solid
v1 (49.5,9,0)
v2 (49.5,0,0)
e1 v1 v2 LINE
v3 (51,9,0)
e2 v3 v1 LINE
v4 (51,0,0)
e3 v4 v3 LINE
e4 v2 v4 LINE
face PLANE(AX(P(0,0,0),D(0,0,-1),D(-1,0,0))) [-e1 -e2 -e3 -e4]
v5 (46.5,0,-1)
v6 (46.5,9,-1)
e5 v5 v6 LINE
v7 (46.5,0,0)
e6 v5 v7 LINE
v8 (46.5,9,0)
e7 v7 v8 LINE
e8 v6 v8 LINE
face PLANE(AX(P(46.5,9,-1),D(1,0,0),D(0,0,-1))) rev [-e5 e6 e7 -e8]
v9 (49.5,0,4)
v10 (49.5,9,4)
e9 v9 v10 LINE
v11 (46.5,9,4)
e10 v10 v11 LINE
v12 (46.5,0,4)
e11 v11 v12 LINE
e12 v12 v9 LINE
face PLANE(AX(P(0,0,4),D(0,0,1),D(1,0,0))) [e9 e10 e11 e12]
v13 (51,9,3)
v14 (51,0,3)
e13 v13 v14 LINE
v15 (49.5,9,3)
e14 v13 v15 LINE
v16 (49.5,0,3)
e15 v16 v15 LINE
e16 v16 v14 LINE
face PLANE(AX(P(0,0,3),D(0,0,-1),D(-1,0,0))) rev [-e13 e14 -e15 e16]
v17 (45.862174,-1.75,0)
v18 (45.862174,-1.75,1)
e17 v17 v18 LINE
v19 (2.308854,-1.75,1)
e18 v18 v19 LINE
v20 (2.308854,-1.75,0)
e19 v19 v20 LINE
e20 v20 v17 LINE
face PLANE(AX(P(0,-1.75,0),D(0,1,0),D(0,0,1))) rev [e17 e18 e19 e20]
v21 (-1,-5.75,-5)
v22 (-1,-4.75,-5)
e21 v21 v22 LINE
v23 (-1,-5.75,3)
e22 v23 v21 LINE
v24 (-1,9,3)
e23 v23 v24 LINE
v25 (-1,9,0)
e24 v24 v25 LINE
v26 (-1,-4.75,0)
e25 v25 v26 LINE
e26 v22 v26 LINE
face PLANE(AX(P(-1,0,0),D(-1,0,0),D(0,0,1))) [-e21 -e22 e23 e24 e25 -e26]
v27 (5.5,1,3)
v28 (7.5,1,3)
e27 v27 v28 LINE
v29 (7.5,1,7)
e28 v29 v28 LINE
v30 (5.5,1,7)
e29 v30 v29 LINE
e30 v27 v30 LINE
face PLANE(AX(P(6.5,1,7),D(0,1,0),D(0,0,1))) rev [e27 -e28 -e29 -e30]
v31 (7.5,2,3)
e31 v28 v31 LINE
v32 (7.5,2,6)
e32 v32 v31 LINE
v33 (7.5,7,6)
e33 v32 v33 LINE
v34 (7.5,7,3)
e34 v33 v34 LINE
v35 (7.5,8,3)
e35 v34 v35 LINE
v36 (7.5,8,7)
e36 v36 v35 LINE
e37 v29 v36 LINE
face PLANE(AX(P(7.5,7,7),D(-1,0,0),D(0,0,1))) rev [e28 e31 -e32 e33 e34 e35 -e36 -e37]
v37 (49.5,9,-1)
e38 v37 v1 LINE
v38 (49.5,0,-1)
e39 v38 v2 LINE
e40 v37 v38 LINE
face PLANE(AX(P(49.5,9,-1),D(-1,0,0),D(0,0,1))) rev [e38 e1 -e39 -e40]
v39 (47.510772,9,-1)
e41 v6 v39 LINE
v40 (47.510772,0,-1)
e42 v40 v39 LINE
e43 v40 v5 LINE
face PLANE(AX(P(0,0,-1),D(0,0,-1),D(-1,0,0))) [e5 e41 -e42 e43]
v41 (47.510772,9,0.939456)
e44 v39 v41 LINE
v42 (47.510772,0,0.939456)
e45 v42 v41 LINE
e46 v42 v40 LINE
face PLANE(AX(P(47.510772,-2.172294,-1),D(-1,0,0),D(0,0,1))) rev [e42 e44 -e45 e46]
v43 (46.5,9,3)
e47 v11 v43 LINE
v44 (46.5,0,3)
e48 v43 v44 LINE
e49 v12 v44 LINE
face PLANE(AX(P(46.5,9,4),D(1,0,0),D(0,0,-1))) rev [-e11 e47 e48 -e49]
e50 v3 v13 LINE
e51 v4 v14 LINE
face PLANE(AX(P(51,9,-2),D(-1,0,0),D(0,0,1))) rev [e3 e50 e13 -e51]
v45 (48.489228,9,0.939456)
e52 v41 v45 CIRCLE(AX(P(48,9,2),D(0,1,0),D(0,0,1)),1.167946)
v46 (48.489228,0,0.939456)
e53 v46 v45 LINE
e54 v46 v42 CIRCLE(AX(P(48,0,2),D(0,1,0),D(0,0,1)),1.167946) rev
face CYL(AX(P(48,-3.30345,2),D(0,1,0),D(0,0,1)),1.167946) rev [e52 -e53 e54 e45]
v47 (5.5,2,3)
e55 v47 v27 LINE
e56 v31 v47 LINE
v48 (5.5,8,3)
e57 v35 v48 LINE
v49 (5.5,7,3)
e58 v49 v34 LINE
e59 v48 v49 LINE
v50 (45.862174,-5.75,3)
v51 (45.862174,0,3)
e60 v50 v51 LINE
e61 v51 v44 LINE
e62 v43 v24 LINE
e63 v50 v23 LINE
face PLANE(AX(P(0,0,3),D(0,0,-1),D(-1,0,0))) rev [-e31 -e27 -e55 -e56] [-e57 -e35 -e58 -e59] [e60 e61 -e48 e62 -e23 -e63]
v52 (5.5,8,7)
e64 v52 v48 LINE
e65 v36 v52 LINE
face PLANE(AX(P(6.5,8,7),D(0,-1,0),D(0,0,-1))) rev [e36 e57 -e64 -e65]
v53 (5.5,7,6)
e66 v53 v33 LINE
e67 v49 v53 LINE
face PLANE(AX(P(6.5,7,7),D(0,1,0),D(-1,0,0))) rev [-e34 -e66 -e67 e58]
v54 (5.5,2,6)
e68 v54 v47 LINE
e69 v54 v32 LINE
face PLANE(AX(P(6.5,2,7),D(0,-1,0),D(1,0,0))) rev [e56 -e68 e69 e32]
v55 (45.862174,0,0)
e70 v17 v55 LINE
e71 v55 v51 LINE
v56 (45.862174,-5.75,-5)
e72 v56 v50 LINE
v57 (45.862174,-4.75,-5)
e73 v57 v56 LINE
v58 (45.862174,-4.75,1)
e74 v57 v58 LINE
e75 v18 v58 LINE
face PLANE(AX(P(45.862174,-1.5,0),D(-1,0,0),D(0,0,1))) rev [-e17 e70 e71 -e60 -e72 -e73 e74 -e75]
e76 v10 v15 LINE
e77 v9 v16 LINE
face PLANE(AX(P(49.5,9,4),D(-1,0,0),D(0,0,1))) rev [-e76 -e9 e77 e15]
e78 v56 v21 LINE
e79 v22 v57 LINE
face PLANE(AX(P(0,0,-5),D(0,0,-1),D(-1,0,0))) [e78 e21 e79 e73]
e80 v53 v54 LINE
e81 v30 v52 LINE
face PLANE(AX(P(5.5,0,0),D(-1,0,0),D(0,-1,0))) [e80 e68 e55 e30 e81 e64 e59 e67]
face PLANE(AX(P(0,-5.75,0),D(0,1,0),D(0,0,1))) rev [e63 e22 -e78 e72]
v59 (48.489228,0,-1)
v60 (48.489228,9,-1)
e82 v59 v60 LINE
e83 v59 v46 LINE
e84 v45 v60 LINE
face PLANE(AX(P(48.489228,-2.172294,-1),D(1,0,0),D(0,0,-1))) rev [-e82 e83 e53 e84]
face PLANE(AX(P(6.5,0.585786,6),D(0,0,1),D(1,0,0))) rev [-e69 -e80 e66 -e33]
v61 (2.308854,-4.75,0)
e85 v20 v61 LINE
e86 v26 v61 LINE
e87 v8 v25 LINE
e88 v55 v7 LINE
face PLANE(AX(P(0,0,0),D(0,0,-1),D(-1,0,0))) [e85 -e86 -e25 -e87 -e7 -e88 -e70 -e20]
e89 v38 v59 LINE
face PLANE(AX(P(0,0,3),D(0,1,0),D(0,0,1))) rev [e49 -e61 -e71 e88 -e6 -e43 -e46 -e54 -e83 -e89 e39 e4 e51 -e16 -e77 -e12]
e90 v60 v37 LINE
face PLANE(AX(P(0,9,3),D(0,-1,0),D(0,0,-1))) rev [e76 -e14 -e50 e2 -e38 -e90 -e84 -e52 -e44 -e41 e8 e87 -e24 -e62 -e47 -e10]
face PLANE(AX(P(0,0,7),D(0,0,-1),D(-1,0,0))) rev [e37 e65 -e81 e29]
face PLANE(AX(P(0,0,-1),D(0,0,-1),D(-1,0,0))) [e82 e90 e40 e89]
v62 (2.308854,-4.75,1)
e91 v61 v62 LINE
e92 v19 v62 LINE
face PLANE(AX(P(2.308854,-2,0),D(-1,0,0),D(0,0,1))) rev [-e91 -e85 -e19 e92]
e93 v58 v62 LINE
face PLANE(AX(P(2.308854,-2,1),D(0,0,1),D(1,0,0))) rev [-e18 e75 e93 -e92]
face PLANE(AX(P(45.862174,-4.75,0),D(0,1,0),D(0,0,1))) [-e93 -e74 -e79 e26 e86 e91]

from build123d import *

# Parameters (mm, degrees)
SKETCH2_W            = 53
SKETCH2_H            = 9
BOSS_EXTRUDE1_DEPTH  = 3
SKETCH11_W           = 2
SKETCH11_H           = 9
CUT_EXTRUDE3_DEPTH   = 5
SKETCH12_W           = 3
SKETCH12_H           = 9
BOSS_EXTRUDE7_DEPTH  = 1
SKETCH13_W           = 1
SKETCH13_H           = 1
BOSS_EXTRUDE8_DEPTH  = 4
SKETCH14_W           = 1
SKETCH14_H           = 1
BOSS_EXTRUDE9_DEPTH  = 5
SKETCH15_W           = 45.862173985
SKETCH15_H           = 3
BOSS_EXTRUDE10_DEPTH = 1.5
SKETCH25_W           = 3
SKETCH25_H           = 9
BOSS_EXTRUDE13_DEPTH = 1
SKETCH24_R           = 1.16794594
CUT_EXTRUDE7_DEPTH   = 9
SKETCH26_W           = 0.9784551
SKETCH26_H           = 1.939455742
CUT_EXTRUDE8_DEPTH   = 9
SKETCH27_W           = 45.862173985
SKETCH27_H           = 3
BOSS_EXTRUDE14_DEPTH = 2
SKETCH28_W           = 41.224865511
SKETCH28_H           = 1
CUT_EXTRUDE9_DEPTH   = 1.5
SKETCH29_W           = 3
SKETCH29_H           = 12.5
BOSS_EXTRUDE15_DEPTH = 1
BOSS_EXTRUDE16_DEPTH = 1
SKETCH31_W           = 2.328454802
SKETCH31_H           = 1
CUT_EXTRUDE10_DEPTH  = 1.5
BOSS_EXTRUDE17_DEPTH = 2
BOSS_EXTRUDE18_REACH = 53.942
SKETCH34_W           = 46.86
SKETCH34_H           = 1.5
SKETCH35_W           = 43.553320313
SKETCH35_H           = 1.25
CUT_EXTRUDE11_DEPTH  = 1
CUT_EXTRUDE12_REACH  = 54.259
SKETCH36_W           = 46.86
SKETCH36_H           = 3.75
SKETCH37_W           = 2
SKETCH37_H           = 2.25
CUT_EXTRUDE13_DEPTH  = 10
BOSS_EXTRUDE19_DEPTH = 2.5
SKETCH42_W           = 43.553320313
SKETCH42_H           = 1
BOSS_EXTRUDE20_DEPTH = 1
SKETCH44_W           = 46.862173985
SKETCH44_H           = 1
BOSS_EXTRUDE21_DEPTH = 5
SKETCH46_W           = 43.553320313
SKETCH46_H           = 1
BOSS_EXTRUDE22_DEPTH = 1


with BuildPart() as part:
    # Sketch2 → Boss-Extrude1 (new body)
    with BuildSketch(Plane.XY):
        with Locations((26.5, 4.5)):
            Rectangle(SKETCH2_W, SKETCH2_H)
    extrude(amount=BOSS_EXTRUDE1_DEPTH)

    # Sketch11 → Cut-Extrude3 (cut)
    with BuildSketch(Plane.XY.offset(3)):
        with Locations((52, 4.5)):
            Rectangle(SKETCH11_W, SKETCH11_H)
    extrude(amount=-CUT_EXTRUDE3_DEPTH, mode=Mode.SUBTRACT)

    # Sketch12 → Boss-Extrude7 (add)
    with BuildSketch(Plane.XY.offset(3)):
        with Locations((48, 4.5)):
            Rectangle(SKETCH12_W, SKETCH12_H)
    extrude(amount=BOSS_EXTRUDE7_DEPTH)

    # Sketch13 → Boss-Extrude8 (add)
    with BuildSketch(Plane.XY.offset(3)):
        with Locations((7, 7.5)):
            Rectangle(SKETCH13_W, SKETCH13_H)
        with Locations((7, 1.5)):
            Rectangle(SKETCH13_W, SKETCH13_H)
    extrude(amount=BOSS_EXTRUDE8_DEPTH)

    # Sketch14 → Boss-Extrude9 (add)
    with BuildSketch(Plane.XZ.offset(-7)):
        with Locations((7, 6.5)):
            Rectangle(SKETCH14_W, SKETCH14_H)
    extrude(amount=BOSS_EXTRUDE9_DEPTH)

    # Sketch15 → Boss-Extrude10 (add)
    with BuildSketch(Plane.XZ):
        with Locations((22.931086993, 1.5)):
            Rectangle(SKETCH15_W, SKETCH15_H)
    extrude(amount=BOSS_EXTRUDE10_DEPTH)

    # Sketch25 → Boss-Extrude13 (add)
    with BuildSketch(Plane(origin=(0, 0, 0), x_dir=(-1, 0, 0), z_dir=(0, 0, -1))):
        with Locations((-48, 4.5)):
            Rectangle(SKETCH25_W, SKETCH25_H)
    extrude(amount=BOSS_EXTRUDE13_DEPTH)

    # Sketch24 → Cut-Extrude7 (cut)
    with BuildSketch(Plane(origin=(0, 9, 0), x_dir=(1, 0, 0), z_dir=(0, 1, 0))):
        with Locations(Location((48, -2, 0), (0, 0, 270))):
            Circle(SKETCH24_R)
    extrude(amount=-CUT_EXTRUDE7_DEPTH, mode=Mode.SUBTRACT)

    # Sketch26 → Cut-Extrude8 (cut)
    with BuildSketch(Plane(origin=(0, 9, 0), x_dir=(1, 0, 0), z_dir=(0, 1, 0))):
        with Locations((48, 0.030272129)):
            Rectangle(SKETCH26_W, SKETCH26_H)
    extrude(amount=-CUT_EXTRUDE8_DEPTH, mode=Mode.SUBTRACT)

    # Sketch27 → Boss-Extrude14 (add)
    with BuildSketch(Plane.XZ.offset(1.5)):
        with Locations((22.931086993, 1.5)):
            Rectangle(SKETCH27_W, SKETCH27_H)
    extrude(amount=BOSS_EXTRUDE14_DEPTH)

    # Sketch28 → Cut-Extrude9 (cut)
    with BuildSketch(Plane.XZ.offset(3.5)):
        with Locations((22.921286428, 0.5)):
            Rectangle(SKETCH28_W, SKETCH28_H)
    extrude(amount=-CUT_EXTRUDE9_DEPTH, mode=Mode.SUBTRACT)

    # Sketch29 → Boss-Extrude15 (add)
    with BuildSketch(Plane.ZY):
        with Locations((1.5, 2.75)):
            Rectangle(SKETCH29_W, SKETCH29_H)
    extrude(amount=BOSS_EXTRUDE15_DEPTH)

    # Sketch30 → Boss-Extrude16 (add)
    with BuildSketch(Plane.ZY.offset(-6.5)):
        Polygon((3, 8), (3, 7), (6, 7), (6, 2), (3, 2), (3, 1), (7, 1), (7, 8), align=None)
    extrude(amount=BOSS_EXTRUDE16_DEPTH)

    # Sketch31 → Cut-Extrude10 (cut)
    with BuildSketch(Plane.XZ.offset(3.5)):
        with Locations((44.697946584, 0.5)):
            Rectangle(SKETCH31_W, SKETCH31_H)
    extrude(amount=-CUT_EXTRUDE10_DEPTH, mode=Mode.SUBTRACT)

    # Sketch32 → Boss-Extrude17 (add)
    with BuildSketch(Plane.XZ.offset(3.5)):
        Polygon((-1, 3), (-1, 0), (2.308853672, 0), (2.308853672, 1), (45.862173985, 1), (45.862173985, 3), align=None)
    extrude(amount=BOSS_EXTRUDE17_DEPTH)

    # Boss-Extrude18: up to this face of the body (flat: up to its plane)
    boss_extrude18_end = Plane(part.part.faces().sort_by_distance((22.213634354, 3.353188918, 0))[0])
    # Sketch34 → Boss-Extrude18 (add, up to the picked face)
    with BuildSketch(Plane.XY.offset(3), mode=Mode.PRIVATE) as boss_extrude18_sk1:
        with Locations((22.43, -6.25)):
            Rectangle(SKETCH34_W, SKETCH34_H)
    boss_extrude18_tool1 = split(extrude(boss_extrude18_sk1.sketch, amount=-BOSS_EXTRUDE18_REACH, mode=Mode.PRIVATE), bisect_by=boss_extrude18_end, keep=Keep.BOTH, mode=Mode.PRIVATE)
    add(boss_extrude18_tool1.solids().sort_by(Axis((22.43, -6.25, 3), (0, 0, -1)))[0])

    # Sketch35 → Cut-Extrude11 (cut)
    with BuildSketch(Plane(origin=(0, 0, 0), x_dir=(-1, 0, 0), z_dir=(0, 0, -1))):
        with Locations((-24.085513829, -1.375)):
            Rectangle(SKETCH35_W, SKETCH35_H)
    extrude(amount=-CUT_EXTRUDE11_DEPTH, mode=Mode.SUBTRACT)

    # Cut-Extrude12: up to this face of the body (flat: up to its plane)
    cut_extrude12_end = Plane(part.part.faces().sort_by_distance((50.25, 4.5, 3))[0])
    # Sketch36 → Cut-Extrude12 (cut, up to the picked face)
    with BuildSketch(Plane(origin=(0, 0, 0), x_dir=(-1, 0, 0), z_dir=(0, 0, -1)), mode=Mode.PRIVATE) as cut_extrude12_sk1:
        with Locations((-22.43, -5.125)):
            Rectangle(SKETCH36_W, SKETCH36_H)
    cut_extrude12_tool1 = split(extrude(cut_extrude12_sk1.sketch, amount=-CUT_EXTRUDE12_REACH, mode=Mode.PRIVATE), bisect_by=cut_extrude12_end, keep=Keep.BOTH, mode=Mode.PRIVATE)
    add(cut_extrude12_tool1.solids().sort_by(Axis((22.43, -5.125, 0), (0, 0, 1)))[0], mode=Mode.SUBTRACT)

    # Sketch37 → Cut-Extrude13 (cut)
    with BuildSketch(Plane.ZY.offset(-45.86)):
        with Locations((2, -4.375)):
            Rectangle(SKETCH37_W, SKETCH37_H)
    extrude(amount=-CUT_EXTRUDE13_DEPTH, mode=Mode.SUBTRACT)

    # Sketch41 → Boss-Extrude19 (add)
    with BuildSketch(Plane.XZ.offset(3.25)):
        Polygon((-1, 0), (-1, 3), (45.862173985, 3), (45.862173985, 1), (2.308853672, 1), (2.308853672, 0), align=None)
    extrude(amount=BOSS_EXTRUDE19_DEPTH)

    # Sketch42 → Boss-Extrude20 (add)
    with BuildSketch(Plane(origin=(0, 0, 1), x_dir=(-1, 0, 0), z_dir=(0, 0, -1))):
        with Locations((-24.085513829, -5.25)):
            Rectangle(SKETCH42_W, SKETCH42_H)
    extrude(amount=BOSS_EXTRUDE20_DEPTH)

    # Sketch44 → Boss-Extrude21 (add)
    with BuildSketch(Plane(origin=(0, 0, 0), x_dir=(-1, 0, 0), z_dir=(0, 0, -1))):
        with Locations((-22.431086993, -5.25)):
            Rectangle(SKETCH44_W, SKETCH44_H)
    extrude(amount=BOSS_EXTRUDE21_DEPTH)

    # Sketch46 → Boss-Extrude22 (add)
    with BuildSketch(Plane.XZ.offset(0.75)):
        with Locations((24.085513829, 0.5)):
            Rectangle(SKETCH46_W, SKETCH46_H)
    extrude(amount=BOSS_EXTRUDE22_DEPTH)


solid = part.part
